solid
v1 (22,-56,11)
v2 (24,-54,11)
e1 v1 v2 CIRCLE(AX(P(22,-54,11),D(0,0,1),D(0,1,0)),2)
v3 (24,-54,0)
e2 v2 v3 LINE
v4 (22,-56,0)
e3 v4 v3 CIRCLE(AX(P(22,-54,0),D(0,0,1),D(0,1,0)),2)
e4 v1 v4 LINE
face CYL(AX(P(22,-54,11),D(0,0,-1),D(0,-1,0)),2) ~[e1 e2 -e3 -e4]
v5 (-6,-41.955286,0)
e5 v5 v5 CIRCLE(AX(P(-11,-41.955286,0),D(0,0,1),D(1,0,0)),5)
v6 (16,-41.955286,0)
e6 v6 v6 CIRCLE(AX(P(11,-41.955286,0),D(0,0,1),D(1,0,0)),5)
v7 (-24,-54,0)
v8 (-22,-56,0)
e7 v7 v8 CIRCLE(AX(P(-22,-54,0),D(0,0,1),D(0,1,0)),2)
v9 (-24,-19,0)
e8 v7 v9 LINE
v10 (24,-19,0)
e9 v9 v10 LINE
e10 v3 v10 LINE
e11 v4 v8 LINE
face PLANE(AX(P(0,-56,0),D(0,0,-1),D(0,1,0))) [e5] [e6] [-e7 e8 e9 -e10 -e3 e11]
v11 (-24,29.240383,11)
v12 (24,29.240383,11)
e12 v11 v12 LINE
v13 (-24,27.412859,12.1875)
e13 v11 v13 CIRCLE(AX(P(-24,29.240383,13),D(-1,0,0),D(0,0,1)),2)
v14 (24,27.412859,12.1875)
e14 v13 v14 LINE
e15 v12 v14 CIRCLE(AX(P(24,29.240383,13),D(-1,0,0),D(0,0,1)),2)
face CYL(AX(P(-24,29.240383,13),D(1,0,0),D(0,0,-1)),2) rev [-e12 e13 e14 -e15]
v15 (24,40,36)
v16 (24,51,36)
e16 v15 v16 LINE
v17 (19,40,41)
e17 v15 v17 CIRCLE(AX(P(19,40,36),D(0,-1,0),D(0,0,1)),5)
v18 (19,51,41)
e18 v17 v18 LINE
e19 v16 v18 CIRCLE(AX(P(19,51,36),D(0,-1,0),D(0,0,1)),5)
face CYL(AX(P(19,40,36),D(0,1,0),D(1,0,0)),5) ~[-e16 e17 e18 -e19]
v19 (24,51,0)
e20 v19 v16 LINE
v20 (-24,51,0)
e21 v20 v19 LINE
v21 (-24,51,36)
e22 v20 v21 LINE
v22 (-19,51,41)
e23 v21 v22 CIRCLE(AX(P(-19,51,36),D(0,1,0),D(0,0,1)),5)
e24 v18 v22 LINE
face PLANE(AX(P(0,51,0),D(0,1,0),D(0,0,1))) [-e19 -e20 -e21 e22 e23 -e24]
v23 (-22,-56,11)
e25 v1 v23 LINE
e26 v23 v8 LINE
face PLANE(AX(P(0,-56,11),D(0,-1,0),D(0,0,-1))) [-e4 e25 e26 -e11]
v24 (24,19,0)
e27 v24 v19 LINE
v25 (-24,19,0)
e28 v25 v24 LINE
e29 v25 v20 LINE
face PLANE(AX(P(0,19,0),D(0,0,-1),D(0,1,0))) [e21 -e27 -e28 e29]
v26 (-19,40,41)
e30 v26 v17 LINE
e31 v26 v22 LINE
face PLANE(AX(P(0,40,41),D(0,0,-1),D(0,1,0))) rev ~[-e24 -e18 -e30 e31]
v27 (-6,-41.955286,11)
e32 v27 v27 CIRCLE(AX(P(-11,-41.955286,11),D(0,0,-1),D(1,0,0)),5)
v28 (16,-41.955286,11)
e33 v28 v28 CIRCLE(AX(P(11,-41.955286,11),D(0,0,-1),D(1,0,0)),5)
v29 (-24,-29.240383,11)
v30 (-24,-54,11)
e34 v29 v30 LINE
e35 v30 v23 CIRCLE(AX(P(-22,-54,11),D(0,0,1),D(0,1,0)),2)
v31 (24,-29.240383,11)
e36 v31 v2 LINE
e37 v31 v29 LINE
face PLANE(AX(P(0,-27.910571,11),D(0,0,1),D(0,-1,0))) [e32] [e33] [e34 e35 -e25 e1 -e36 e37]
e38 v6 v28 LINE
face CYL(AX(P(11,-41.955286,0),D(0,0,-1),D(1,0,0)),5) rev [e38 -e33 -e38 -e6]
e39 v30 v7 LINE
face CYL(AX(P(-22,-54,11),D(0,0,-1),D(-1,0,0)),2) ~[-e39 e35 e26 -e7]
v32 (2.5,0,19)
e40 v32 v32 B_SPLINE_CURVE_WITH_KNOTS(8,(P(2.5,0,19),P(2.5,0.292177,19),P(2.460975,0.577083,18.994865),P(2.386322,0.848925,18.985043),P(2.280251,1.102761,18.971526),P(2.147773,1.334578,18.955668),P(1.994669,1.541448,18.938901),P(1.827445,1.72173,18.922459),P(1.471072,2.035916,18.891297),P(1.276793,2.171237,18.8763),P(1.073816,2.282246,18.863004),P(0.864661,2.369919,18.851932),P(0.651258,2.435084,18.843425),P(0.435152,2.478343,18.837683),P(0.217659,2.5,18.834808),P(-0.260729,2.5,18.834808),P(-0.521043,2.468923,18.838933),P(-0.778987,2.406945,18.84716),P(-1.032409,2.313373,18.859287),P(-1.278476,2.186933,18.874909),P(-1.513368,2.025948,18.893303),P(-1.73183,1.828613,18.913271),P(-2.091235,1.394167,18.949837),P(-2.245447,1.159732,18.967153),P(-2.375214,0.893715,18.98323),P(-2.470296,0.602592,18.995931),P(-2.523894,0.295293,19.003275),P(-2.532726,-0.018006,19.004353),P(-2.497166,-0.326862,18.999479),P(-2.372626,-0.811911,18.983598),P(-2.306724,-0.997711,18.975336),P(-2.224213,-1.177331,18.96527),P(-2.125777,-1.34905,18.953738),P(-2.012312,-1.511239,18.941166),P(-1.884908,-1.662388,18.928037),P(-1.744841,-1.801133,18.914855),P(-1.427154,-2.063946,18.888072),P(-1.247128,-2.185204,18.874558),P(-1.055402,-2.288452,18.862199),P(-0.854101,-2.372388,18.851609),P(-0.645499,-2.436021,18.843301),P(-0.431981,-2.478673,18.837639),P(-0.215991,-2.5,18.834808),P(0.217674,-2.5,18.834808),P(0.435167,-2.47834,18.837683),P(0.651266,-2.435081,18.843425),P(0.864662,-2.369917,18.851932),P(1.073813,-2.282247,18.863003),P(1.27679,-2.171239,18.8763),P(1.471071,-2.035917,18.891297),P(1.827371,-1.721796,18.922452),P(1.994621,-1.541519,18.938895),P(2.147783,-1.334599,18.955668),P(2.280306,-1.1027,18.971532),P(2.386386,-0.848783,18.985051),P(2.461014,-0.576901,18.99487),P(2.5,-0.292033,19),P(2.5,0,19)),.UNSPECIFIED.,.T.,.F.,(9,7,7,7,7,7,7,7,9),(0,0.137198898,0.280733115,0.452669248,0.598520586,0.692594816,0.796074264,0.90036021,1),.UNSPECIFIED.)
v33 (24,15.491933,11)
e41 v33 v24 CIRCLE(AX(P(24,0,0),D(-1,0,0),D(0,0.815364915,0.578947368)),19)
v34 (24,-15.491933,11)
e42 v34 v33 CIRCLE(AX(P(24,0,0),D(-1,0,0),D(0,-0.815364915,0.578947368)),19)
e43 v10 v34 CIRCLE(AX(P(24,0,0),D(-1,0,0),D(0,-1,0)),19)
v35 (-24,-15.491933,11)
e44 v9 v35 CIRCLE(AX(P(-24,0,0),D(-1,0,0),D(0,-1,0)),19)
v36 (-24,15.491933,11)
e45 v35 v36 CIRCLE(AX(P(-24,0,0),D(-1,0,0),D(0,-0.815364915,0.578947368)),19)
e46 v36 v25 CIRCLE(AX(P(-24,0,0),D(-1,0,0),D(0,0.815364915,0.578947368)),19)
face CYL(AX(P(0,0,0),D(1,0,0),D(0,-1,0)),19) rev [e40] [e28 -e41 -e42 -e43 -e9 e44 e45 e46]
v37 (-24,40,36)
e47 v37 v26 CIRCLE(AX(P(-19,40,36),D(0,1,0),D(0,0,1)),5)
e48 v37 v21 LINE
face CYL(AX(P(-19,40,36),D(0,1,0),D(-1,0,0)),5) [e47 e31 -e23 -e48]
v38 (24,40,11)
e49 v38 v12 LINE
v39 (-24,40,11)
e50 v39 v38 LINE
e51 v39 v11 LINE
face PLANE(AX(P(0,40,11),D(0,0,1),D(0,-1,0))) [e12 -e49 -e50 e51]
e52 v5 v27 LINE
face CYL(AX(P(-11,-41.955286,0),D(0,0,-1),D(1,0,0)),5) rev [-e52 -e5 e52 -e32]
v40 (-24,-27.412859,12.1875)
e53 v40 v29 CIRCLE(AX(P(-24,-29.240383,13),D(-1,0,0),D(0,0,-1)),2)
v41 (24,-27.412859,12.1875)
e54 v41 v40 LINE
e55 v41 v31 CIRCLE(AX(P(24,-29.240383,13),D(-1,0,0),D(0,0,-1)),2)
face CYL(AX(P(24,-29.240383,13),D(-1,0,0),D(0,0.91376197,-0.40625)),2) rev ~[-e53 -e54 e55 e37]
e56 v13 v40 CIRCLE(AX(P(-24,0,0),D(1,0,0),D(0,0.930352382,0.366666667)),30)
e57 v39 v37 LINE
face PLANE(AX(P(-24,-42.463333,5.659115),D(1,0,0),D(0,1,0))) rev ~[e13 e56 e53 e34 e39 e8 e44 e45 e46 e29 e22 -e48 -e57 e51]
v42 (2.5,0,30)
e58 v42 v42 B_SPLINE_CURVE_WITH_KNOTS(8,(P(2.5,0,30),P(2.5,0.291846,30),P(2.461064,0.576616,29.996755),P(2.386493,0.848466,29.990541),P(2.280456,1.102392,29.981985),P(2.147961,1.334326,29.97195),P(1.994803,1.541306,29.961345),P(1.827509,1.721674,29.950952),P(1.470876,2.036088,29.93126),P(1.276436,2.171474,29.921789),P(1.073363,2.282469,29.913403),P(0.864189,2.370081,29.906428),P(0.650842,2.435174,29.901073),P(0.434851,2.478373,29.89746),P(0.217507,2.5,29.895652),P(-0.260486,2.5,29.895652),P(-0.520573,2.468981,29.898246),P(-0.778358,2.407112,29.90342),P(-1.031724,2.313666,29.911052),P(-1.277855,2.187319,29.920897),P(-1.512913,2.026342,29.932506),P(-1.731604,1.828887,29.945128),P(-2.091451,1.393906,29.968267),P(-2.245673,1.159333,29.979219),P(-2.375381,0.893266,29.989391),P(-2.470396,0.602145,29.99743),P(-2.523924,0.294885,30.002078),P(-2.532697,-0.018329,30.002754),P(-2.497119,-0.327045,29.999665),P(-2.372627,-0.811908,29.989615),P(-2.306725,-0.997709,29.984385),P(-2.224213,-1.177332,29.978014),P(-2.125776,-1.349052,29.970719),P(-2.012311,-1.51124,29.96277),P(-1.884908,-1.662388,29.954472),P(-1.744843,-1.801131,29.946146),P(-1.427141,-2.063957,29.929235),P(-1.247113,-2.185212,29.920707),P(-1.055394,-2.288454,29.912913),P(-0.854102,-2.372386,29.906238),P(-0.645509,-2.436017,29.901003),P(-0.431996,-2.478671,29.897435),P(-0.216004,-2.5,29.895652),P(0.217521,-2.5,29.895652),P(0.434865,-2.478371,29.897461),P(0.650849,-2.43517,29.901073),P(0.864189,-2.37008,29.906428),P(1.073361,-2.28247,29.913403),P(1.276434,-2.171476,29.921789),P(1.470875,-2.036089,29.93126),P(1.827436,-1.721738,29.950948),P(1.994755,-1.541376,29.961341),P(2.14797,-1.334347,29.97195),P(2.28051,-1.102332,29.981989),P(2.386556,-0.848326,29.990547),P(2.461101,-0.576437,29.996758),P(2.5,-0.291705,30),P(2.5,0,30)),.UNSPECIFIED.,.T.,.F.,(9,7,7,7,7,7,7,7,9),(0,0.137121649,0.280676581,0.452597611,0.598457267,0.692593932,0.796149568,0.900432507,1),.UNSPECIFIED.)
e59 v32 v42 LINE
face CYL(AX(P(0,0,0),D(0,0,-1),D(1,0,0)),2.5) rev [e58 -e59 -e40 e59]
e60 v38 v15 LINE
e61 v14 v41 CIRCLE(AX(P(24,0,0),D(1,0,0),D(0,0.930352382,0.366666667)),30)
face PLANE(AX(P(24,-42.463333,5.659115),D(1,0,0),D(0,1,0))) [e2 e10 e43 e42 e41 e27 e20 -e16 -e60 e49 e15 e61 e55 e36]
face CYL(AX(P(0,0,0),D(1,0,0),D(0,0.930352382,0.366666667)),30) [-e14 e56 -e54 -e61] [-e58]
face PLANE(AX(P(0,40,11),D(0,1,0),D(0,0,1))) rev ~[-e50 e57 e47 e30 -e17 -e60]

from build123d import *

# Parameters (mm, degrees)
F0_W     = 11
F0_H     = 30
F1_DEPTH = 24
F3_DEPTH = 25
F4_R     = 2.5
F4_R_2   = 5
F5_DEPTH = 41.001
F6_R     = 2
F7_R     = 5
F8_R     = 2


with BuildPart() as f1:
    # F0 (on Right) → F1 (new body, symmetric)
    with BuildSketch(Plane.YZ):
        with BuildLine():
            Line((-56, 0), (-30, 0))
            ThreePointArc((-30, 0), (-29.4730143031, 5.5983415304), (-27.9105714739, 11))
            Line((-27.9105714739, 11), (-56, 11))
            Line((-56, 11), (-56, 0))
        make_face()
        with BuildLine():
            Line((-30, 0), (-19, 0))
            ThreePointArc((-19, 0), (-18.1017503893, 5.7729223833), (-15.4919333848, 11))
            Line((-15.4919333848, 11), (-27.9105714739, 11))
            ThreePointArc((-27.9105714739, 11), (-29.4730143031, 5.5983415304), (-30, 0))
        make_face()
        with BuildLine():
            ThreePointArc((15.4919333848, 11), (18.1017503893, 5.7729223833), (19, 0))
            Line((19, 0), (30, 0))
            ThreePointArc((30, 0), (29.4730143031, 5.5983415304), (27.9105714739, 11))
            Line((27.9105714739, 11), (15.4919333848, 11))
        make_face()
        with BuildLine():
            ThreePointArc((-15.4919333848, 11), (0, 19), (15.4919333848, 11))
            Line((15.4919333848, 11), (27.9105714739, 11))
            ThreePointArc((27.9105714739, 11), (0, 30), (-27.9105714739, 11))
            Line((-27.9105714739, 11), (-15.4919333848, 11))
        make_face()
        with BuildLine():
            ThreePointArc((27.9105714739, 11), (29.4730143031, 5.5983415304), (30, 0))
            Line((30, 0), (51, 0))
            Line((51, 0), (51, 11))
            Line((51, 11), (40, 11))
            Line((40, 11), (27.9105714739, 11))
        make_face()
        with Locations((45.5, 26)):
            Rectangle(F0_W, F0_H)
    extrude(amount=F1_DEPTH, both=True)

    # F2 (on face) → F3 (cut)
    with BuildSketch(Plane(origin=(0, 51, 0), x_dir=(-1, 0, 0), z_dir=(0, 1, 0))):
        with BuildLine():
            ThreePointArc((-6.5, 25), (0, 18.5), (6.5, 25))
            ThreePointArc((6.5, 25), (0, 31.5), (-6.5, 25))
        make_face()
        with BuildLine():
            ThreePointArc((-6.5, 25), (0, 31.5), (6.5, 25))
            Line((6.5, 25), (6.5, 41))
            Line((6.5, 41), (-6.5, 41))
            Line((-6.5, 41), (-6.5, 25))
        make_face()
    extrude(amount=F3_DEPTH, mode=Mode.SUBTRACT)

    # F4 (on Top) → F5 (cut, through all)
    with BuildSketch(Plane.XY):
        Circle(F4_R)
        with Locations((-11, -41.955285737)):
            Circle(F4_R_2)
        with Locations((11, -41.955285737)):
            Circle(F4_R_2)
    extrude(amount=F5_DEPTH, mode=Mode.SUBTRACT)

    # F6
    f6_edges = [f1.edges().sort_by_distance(p)[0] for p in [
        (24, -56, 5.5),
        (-24, -56, 5.5),
    ]]
    fillet(f6_edges, radius=F6_R)

    # F7
    f7_edges = [f1.edges().sort_by_distance(p)[0] for p in [
        (24, 45.5, 41),
        (-24, 45.5, 41),
    ]]
    fillet(f7_edges, radius=F7_R)

    # F8
    f8_edges = [f1.edges().sort_by_distance(p)[0] for p in [
        (0, -27.910571, 11),
        (0, 27.910571, 11),
    ]]
    fillet(f8_edges, radius=F8_R)


solid = f1.part
